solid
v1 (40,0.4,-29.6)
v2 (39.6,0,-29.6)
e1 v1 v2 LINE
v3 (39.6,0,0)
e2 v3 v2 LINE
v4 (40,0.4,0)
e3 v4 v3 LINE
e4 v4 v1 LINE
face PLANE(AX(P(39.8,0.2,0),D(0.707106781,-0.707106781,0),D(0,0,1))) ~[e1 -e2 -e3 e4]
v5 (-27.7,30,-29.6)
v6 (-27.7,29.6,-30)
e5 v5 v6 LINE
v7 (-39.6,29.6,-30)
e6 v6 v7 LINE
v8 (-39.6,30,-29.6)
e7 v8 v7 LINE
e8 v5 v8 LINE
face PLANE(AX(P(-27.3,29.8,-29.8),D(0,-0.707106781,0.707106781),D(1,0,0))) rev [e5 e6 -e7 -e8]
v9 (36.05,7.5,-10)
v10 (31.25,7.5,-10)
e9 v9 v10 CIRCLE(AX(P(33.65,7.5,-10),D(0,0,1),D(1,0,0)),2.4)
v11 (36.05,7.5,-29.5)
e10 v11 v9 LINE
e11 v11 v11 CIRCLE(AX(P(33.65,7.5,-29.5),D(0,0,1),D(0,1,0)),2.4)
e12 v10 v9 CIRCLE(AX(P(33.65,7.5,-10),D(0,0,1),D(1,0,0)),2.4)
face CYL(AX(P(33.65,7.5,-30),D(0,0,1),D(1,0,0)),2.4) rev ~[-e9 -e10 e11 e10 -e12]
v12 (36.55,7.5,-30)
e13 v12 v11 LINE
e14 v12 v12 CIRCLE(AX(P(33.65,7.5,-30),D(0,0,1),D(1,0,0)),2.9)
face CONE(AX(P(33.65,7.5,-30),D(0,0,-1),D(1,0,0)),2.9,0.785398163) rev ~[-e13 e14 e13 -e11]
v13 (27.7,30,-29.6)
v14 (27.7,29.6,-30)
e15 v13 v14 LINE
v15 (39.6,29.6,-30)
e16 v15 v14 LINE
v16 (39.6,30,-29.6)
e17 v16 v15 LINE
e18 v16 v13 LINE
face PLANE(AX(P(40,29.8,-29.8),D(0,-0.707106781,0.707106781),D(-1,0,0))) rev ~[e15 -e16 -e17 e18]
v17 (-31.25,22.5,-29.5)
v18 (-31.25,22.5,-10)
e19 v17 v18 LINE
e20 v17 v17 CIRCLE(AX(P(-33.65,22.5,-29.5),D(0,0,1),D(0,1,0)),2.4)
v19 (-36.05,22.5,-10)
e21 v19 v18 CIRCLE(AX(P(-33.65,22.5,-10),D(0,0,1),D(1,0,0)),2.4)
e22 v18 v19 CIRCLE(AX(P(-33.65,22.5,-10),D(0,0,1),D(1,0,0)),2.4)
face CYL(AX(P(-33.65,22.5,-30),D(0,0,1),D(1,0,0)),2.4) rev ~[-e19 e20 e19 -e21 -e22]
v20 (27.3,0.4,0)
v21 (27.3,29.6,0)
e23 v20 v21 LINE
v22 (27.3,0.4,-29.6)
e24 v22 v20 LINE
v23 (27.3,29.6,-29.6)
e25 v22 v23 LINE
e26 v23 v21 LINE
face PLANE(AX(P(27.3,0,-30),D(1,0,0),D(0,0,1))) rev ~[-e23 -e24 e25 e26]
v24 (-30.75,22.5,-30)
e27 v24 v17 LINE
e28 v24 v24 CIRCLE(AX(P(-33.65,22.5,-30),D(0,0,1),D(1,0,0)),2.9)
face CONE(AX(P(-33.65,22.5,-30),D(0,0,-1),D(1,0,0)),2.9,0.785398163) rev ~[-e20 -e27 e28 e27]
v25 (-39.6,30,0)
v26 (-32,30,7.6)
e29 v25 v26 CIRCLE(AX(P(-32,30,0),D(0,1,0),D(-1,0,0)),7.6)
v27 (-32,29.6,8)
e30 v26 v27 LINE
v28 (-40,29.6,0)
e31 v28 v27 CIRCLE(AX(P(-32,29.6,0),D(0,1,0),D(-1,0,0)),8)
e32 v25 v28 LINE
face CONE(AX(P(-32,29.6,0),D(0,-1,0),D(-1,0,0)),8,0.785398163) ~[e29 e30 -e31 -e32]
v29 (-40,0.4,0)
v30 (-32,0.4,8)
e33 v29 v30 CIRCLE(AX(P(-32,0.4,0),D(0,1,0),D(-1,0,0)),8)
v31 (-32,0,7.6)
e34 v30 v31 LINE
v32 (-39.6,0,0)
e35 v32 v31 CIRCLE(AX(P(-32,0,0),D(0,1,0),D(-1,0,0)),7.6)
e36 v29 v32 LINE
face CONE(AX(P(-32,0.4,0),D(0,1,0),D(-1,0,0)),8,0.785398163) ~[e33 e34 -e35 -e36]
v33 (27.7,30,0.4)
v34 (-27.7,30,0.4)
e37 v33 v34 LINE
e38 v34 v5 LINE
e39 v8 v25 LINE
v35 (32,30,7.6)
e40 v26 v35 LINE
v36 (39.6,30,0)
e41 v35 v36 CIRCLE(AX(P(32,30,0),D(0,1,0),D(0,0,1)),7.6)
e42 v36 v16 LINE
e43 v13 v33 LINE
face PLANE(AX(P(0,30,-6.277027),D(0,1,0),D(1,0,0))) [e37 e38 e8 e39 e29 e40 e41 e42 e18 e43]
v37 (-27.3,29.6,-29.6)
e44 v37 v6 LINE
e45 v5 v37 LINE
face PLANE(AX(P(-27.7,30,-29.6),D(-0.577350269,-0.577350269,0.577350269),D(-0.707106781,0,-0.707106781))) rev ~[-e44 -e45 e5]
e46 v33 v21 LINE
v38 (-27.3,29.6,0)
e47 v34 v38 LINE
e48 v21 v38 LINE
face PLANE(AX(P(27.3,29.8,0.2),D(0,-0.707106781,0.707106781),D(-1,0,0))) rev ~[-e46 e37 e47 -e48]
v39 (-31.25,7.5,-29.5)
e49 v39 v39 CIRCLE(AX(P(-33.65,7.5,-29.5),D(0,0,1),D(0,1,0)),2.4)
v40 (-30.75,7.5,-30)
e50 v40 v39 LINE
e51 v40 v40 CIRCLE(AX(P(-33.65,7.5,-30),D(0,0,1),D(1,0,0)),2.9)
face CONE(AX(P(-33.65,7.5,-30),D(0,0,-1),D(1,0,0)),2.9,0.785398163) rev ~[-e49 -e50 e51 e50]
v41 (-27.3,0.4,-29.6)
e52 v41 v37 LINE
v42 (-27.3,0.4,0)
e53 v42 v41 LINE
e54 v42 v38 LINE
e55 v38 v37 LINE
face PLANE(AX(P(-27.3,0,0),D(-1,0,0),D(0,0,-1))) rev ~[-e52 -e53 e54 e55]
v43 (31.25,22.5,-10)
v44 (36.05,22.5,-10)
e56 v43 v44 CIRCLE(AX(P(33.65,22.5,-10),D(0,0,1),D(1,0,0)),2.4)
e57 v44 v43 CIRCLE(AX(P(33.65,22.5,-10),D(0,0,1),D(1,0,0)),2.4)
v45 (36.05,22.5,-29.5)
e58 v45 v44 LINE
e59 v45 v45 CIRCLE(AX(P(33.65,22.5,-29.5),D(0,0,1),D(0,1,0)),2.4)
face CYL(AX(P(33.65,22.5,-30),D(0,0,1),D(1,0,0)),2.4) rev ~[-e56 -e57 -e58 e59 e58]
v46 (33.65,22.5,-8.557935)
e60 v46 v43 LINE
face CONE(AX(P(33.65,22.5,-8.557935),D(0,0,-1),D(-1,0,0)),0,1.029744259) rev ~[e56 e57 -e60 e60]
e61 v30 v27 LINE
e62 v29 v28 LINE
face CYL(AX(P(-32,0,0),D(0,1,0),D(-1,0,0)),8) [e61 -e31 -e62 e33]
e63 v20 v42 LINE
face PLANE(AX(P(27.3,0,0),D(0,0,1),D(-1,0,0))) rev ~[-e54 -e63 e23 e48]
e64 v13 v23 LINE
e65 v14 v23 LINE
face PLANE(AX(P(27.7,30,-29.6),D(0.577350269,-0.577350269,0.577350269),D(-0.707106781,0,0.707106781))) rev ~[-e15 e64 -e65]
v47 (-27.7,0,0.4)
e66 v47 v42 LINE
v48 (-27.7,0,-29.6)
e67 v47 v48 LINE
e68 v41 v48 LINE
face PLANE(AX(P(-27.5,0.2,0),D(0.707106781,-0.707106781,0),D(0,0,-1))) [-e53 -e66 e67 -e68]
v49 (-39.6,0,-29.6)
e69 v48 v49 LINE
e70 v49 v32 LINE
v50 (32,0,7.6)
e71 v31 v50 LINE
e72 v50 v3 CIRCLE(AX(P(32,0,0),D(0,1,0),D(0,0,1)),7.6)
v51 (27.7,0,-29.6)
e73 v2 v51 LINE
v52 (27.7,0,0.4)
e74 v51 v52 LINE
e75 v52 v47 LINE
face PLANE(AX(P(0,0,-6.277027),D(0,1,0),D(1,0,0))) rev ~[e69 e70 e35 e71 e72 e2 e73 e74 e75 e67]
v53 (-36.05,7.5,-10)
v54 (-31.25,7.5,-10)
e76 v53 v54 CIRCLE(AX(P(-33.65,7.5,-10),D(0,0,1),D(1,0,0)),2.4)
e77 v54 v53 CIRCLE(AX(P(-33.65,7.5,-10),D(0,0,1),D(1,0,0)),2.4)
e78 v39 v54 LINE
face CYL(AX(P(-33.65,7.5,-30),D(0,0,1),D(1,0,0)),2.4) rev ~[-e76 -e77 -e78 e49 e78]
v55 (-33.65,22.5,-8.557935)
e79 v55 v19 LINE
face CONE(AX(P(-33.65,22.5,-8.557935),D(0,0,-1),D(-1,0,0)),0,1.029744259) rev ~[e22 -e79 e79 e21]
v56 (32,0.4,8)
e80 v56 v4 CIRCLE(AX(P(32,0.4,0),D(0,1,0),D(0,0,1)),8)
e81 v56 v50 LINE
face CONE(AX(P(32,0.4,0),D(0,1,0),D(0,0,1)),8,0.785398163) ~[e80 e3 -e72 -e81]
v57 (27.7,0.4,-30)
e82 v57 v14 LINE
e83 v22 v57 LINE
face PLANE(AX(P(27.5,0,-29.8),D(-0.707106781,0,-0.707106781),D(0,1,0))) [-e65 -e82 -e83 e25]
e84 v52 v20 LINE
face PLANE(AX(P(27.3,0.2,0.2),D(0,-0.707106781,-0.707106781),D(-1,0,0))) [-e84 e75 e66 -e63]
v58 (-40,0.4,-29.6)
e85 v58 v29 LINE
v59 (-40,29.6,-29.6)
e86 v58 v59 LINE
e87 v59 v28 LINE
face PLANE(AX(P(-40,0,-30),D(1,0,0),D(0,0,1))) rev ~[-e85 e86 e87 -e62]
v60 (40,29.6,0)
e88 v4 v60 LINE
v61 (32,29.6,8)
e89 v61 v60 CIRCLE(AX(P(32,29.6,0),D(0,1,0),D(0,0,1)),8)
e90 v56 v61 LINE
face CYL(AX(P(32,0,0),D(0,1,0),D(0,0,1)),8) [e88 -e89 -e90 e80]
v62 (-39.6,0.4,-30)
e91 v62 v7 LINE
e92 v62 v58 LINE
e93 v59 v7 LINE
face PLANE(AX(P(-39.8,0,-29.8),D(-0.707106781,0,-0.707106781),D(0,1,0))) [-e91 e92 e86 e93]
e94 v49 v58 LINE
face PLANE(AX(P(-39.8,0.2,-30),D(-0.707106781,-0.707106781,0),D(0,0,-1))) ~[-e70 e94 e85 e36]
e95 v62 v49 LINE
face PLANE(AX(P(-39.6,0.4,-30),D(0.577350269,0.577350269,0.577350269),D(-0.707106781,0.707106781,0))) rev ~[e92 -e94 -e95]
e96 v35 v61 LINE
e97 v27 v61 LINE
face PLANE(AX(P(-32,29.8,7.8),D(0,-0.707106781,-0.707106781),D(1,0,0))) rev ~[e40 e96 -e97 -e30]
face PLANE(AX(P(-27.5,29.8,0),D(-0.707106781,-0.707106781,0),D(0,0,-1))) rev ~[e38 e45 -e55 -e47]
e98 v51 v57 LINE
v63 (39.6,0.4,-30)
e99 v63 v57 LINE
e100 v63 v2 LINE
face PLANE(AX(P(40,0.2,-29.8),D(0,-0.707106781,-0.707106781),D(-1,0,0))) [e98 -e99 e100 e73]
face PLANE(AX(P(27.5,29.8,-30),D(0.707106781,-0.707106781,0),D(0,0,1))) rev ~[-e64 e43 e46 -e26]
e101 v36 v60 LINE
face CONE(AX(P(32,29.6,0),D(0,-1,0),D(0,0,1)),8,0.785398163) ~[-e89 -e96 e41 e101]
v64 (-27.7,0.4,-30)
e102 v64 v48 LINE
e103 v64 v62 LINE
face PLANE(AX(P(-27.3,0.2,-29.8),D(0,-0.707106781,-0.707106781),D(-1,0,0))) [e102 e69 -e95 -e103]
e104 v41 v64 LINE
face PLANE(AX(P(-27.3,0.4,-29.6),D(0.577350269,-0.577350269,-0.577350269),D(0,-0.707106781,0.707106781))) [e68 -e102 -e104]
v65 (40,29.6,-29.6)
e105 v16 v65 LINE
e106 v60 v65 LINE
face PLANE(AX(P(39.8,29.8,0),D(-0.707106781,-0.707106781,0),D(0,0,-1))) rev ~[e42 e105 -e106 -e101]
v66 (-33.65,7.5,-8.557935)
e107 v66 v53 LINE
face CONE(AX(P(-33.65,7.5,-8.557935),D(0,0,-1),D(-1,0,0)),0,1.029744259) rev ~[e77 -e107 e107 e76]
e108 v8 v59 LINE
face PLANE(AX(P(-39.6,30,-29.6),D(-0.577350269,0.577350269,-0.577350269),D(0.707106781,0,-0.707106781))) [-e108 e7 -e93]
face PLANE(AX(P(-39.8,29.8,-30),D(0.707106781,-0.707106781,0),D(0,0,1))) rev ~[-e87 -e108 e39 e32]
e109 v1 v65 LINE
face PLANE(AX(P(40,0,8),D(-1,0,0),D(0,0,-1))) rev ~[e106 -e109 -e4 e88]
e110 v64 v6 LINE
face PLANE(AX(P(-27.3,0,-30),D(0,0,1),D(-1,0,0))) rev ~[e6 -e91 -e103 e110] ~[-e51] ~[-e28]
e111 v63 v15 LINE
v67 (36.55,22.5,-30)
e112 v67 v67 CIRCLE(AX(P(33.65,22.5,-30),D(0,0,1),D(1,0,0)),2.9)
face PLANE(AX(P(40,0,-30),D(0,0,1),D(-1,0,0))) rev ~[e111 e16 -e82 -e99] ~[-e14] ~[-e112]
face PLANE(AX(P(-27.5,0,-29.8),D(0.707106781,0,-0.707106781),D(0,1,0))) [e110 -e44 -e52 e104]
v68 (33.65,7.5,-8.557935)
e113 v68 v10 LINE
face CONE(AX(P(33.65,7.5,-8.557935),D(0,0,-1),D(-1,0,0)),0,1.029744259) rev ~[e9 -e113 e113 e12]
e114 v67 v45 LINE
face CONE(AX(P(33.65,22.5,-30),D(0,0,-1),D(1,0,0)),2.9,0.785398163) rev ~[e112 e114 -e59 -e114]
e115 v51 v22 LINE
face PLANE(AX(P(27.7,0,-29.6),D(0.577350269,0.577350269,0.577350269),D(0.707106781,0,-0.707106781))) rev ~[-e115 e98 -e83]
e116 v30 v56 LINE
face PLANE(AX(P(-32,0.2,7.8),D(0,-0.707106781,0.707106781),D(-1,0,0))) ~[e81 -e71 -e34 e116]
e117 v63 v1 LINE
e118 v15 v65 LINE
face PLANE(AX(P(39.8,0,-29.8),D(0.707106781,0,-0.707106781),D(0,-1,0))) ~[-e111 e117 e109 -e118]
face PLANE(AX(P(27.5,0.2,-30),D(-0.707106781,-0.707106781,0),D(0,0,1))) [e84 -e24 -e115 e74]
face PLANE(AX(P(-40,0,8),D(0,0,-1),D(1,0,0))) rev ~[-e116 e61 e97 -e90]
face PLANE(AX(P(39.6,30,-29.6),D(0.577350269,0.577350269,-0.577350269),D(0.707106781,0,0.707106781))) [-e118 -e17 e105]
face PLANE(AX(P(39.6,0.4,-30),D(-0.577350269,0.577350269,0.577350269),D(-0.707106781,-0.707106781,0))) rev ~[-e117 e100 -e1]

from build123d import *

# Parameters (mm, degrees)
BOSS_EXTRUDE1_DEPTH             = 30
F_2_5MM_DOWEL_HOLE1_D           = 4.8
F_2_5MM_DOWEL_HOLE1_DEPTH       = 20
F_2_5MM_DOWEL_HOLE1_CSINK_D     = 5.8
F_2_5MM_DOWEL_HOLE1_CSINK_ANGLE = 90
F_2_5MM_DOWEL_HOLE1_TIP         = 1.442065486
FILLET1_R                       = 8
CHAMFER1_SIZE                   = 0.4


with BuildPart() as part:
    # Sketch1 → Boss-Extrude1 (new body)
    with BuildSketch(Plane(origin=(0, 0, 0), x_dir=(1, 0, 0), z_dir=(0, 1, 0))):
        Polygon((-40, 30), (-40, -8), (40, -8), (40, 30), (27.3, 30), (27.3, 0), (-27.3, 0), (-27.3, 30), align=None)
    extrude(amount=BOSS_EXTRUDE1_DEPTH)

    # Ø2.5mm Dowel Hole1
    with Locations(Plane(origin=(0, 0, -30), x_dir=(-1, 0, 0), z_dir=(0, 0, -1))):
        with Locations((33.65, 7.5), (-33.65, 22.5), (-33.65, 7.5), (33.65, 22.5)):
            CounterSinkHole(F_2_5MM_DOWEL_HOLE1_D / 2, F_2_5MM_DOWEL_HOLE1_CSINK_D / 2, depth=F_2_5MM_DOWEL_HOLE1_DEPTH, counter_sink_angle=F_2_5MM_DOWEL_HOLE1_CSINK_ANGLE)
            with Locations((0, 0, -(F_2_5MM_DOWEL_HOLE1_DEPTH + F_2_5MM_DOWEL_HOLE1_TIP / 2))):  # 118° drill point
                Cone(0, F_2_5MM_DOWEL_HOLE1_D / 2, F_2_5MM_DOWEL_HOLE1_TIP, mode=Mode.SUBTRACT)

    # Fillet1
    fillet1_edges = [part.edges().sort_by_distance(p)[0] for p in [
        (40, 15, 8),
        (-40, 15, 8),
    ]]
    fillet(fillet1_edges, radius=FILLET1_R)

    # Chamfer1
    chamfer1_edges = [part.edges().sort_by_distance(p)[0] for p in [
        (-40, 0, -15),
        (-33.65, 0, -30),
        (-27.3, 15, -30),
        (27.3, 15, -30),
        (40, 15, -30),
        (-40, 15, -30),
        (33.65, 30, -30),
        (27.3, 30, -15),
        (0, 30, 0),
        (-27.3, 30, -15),
        (0, 0, 8),
        (0, 30, 8),
        (40, 0, -15),
        (37.656854249, 0, 5.656854249),
        (-37.656854249, 0, 5.656854249),
        (40, 30, -15),
        (37.656854249, 30, 5.656854249),
        (-33.65, 30, -30),
        (-37.656854249, 30, 5.656854249),
        (-27.3, 0, -15),
        (-40, 30, -15),
        (0, 0, 0),
        (27.3, 0, -15),
        (33.65, 0, -30),
    ]]
    chamfer(chamfer1_edges, length=CHAMFER1_SIZE)


solid = part.part
